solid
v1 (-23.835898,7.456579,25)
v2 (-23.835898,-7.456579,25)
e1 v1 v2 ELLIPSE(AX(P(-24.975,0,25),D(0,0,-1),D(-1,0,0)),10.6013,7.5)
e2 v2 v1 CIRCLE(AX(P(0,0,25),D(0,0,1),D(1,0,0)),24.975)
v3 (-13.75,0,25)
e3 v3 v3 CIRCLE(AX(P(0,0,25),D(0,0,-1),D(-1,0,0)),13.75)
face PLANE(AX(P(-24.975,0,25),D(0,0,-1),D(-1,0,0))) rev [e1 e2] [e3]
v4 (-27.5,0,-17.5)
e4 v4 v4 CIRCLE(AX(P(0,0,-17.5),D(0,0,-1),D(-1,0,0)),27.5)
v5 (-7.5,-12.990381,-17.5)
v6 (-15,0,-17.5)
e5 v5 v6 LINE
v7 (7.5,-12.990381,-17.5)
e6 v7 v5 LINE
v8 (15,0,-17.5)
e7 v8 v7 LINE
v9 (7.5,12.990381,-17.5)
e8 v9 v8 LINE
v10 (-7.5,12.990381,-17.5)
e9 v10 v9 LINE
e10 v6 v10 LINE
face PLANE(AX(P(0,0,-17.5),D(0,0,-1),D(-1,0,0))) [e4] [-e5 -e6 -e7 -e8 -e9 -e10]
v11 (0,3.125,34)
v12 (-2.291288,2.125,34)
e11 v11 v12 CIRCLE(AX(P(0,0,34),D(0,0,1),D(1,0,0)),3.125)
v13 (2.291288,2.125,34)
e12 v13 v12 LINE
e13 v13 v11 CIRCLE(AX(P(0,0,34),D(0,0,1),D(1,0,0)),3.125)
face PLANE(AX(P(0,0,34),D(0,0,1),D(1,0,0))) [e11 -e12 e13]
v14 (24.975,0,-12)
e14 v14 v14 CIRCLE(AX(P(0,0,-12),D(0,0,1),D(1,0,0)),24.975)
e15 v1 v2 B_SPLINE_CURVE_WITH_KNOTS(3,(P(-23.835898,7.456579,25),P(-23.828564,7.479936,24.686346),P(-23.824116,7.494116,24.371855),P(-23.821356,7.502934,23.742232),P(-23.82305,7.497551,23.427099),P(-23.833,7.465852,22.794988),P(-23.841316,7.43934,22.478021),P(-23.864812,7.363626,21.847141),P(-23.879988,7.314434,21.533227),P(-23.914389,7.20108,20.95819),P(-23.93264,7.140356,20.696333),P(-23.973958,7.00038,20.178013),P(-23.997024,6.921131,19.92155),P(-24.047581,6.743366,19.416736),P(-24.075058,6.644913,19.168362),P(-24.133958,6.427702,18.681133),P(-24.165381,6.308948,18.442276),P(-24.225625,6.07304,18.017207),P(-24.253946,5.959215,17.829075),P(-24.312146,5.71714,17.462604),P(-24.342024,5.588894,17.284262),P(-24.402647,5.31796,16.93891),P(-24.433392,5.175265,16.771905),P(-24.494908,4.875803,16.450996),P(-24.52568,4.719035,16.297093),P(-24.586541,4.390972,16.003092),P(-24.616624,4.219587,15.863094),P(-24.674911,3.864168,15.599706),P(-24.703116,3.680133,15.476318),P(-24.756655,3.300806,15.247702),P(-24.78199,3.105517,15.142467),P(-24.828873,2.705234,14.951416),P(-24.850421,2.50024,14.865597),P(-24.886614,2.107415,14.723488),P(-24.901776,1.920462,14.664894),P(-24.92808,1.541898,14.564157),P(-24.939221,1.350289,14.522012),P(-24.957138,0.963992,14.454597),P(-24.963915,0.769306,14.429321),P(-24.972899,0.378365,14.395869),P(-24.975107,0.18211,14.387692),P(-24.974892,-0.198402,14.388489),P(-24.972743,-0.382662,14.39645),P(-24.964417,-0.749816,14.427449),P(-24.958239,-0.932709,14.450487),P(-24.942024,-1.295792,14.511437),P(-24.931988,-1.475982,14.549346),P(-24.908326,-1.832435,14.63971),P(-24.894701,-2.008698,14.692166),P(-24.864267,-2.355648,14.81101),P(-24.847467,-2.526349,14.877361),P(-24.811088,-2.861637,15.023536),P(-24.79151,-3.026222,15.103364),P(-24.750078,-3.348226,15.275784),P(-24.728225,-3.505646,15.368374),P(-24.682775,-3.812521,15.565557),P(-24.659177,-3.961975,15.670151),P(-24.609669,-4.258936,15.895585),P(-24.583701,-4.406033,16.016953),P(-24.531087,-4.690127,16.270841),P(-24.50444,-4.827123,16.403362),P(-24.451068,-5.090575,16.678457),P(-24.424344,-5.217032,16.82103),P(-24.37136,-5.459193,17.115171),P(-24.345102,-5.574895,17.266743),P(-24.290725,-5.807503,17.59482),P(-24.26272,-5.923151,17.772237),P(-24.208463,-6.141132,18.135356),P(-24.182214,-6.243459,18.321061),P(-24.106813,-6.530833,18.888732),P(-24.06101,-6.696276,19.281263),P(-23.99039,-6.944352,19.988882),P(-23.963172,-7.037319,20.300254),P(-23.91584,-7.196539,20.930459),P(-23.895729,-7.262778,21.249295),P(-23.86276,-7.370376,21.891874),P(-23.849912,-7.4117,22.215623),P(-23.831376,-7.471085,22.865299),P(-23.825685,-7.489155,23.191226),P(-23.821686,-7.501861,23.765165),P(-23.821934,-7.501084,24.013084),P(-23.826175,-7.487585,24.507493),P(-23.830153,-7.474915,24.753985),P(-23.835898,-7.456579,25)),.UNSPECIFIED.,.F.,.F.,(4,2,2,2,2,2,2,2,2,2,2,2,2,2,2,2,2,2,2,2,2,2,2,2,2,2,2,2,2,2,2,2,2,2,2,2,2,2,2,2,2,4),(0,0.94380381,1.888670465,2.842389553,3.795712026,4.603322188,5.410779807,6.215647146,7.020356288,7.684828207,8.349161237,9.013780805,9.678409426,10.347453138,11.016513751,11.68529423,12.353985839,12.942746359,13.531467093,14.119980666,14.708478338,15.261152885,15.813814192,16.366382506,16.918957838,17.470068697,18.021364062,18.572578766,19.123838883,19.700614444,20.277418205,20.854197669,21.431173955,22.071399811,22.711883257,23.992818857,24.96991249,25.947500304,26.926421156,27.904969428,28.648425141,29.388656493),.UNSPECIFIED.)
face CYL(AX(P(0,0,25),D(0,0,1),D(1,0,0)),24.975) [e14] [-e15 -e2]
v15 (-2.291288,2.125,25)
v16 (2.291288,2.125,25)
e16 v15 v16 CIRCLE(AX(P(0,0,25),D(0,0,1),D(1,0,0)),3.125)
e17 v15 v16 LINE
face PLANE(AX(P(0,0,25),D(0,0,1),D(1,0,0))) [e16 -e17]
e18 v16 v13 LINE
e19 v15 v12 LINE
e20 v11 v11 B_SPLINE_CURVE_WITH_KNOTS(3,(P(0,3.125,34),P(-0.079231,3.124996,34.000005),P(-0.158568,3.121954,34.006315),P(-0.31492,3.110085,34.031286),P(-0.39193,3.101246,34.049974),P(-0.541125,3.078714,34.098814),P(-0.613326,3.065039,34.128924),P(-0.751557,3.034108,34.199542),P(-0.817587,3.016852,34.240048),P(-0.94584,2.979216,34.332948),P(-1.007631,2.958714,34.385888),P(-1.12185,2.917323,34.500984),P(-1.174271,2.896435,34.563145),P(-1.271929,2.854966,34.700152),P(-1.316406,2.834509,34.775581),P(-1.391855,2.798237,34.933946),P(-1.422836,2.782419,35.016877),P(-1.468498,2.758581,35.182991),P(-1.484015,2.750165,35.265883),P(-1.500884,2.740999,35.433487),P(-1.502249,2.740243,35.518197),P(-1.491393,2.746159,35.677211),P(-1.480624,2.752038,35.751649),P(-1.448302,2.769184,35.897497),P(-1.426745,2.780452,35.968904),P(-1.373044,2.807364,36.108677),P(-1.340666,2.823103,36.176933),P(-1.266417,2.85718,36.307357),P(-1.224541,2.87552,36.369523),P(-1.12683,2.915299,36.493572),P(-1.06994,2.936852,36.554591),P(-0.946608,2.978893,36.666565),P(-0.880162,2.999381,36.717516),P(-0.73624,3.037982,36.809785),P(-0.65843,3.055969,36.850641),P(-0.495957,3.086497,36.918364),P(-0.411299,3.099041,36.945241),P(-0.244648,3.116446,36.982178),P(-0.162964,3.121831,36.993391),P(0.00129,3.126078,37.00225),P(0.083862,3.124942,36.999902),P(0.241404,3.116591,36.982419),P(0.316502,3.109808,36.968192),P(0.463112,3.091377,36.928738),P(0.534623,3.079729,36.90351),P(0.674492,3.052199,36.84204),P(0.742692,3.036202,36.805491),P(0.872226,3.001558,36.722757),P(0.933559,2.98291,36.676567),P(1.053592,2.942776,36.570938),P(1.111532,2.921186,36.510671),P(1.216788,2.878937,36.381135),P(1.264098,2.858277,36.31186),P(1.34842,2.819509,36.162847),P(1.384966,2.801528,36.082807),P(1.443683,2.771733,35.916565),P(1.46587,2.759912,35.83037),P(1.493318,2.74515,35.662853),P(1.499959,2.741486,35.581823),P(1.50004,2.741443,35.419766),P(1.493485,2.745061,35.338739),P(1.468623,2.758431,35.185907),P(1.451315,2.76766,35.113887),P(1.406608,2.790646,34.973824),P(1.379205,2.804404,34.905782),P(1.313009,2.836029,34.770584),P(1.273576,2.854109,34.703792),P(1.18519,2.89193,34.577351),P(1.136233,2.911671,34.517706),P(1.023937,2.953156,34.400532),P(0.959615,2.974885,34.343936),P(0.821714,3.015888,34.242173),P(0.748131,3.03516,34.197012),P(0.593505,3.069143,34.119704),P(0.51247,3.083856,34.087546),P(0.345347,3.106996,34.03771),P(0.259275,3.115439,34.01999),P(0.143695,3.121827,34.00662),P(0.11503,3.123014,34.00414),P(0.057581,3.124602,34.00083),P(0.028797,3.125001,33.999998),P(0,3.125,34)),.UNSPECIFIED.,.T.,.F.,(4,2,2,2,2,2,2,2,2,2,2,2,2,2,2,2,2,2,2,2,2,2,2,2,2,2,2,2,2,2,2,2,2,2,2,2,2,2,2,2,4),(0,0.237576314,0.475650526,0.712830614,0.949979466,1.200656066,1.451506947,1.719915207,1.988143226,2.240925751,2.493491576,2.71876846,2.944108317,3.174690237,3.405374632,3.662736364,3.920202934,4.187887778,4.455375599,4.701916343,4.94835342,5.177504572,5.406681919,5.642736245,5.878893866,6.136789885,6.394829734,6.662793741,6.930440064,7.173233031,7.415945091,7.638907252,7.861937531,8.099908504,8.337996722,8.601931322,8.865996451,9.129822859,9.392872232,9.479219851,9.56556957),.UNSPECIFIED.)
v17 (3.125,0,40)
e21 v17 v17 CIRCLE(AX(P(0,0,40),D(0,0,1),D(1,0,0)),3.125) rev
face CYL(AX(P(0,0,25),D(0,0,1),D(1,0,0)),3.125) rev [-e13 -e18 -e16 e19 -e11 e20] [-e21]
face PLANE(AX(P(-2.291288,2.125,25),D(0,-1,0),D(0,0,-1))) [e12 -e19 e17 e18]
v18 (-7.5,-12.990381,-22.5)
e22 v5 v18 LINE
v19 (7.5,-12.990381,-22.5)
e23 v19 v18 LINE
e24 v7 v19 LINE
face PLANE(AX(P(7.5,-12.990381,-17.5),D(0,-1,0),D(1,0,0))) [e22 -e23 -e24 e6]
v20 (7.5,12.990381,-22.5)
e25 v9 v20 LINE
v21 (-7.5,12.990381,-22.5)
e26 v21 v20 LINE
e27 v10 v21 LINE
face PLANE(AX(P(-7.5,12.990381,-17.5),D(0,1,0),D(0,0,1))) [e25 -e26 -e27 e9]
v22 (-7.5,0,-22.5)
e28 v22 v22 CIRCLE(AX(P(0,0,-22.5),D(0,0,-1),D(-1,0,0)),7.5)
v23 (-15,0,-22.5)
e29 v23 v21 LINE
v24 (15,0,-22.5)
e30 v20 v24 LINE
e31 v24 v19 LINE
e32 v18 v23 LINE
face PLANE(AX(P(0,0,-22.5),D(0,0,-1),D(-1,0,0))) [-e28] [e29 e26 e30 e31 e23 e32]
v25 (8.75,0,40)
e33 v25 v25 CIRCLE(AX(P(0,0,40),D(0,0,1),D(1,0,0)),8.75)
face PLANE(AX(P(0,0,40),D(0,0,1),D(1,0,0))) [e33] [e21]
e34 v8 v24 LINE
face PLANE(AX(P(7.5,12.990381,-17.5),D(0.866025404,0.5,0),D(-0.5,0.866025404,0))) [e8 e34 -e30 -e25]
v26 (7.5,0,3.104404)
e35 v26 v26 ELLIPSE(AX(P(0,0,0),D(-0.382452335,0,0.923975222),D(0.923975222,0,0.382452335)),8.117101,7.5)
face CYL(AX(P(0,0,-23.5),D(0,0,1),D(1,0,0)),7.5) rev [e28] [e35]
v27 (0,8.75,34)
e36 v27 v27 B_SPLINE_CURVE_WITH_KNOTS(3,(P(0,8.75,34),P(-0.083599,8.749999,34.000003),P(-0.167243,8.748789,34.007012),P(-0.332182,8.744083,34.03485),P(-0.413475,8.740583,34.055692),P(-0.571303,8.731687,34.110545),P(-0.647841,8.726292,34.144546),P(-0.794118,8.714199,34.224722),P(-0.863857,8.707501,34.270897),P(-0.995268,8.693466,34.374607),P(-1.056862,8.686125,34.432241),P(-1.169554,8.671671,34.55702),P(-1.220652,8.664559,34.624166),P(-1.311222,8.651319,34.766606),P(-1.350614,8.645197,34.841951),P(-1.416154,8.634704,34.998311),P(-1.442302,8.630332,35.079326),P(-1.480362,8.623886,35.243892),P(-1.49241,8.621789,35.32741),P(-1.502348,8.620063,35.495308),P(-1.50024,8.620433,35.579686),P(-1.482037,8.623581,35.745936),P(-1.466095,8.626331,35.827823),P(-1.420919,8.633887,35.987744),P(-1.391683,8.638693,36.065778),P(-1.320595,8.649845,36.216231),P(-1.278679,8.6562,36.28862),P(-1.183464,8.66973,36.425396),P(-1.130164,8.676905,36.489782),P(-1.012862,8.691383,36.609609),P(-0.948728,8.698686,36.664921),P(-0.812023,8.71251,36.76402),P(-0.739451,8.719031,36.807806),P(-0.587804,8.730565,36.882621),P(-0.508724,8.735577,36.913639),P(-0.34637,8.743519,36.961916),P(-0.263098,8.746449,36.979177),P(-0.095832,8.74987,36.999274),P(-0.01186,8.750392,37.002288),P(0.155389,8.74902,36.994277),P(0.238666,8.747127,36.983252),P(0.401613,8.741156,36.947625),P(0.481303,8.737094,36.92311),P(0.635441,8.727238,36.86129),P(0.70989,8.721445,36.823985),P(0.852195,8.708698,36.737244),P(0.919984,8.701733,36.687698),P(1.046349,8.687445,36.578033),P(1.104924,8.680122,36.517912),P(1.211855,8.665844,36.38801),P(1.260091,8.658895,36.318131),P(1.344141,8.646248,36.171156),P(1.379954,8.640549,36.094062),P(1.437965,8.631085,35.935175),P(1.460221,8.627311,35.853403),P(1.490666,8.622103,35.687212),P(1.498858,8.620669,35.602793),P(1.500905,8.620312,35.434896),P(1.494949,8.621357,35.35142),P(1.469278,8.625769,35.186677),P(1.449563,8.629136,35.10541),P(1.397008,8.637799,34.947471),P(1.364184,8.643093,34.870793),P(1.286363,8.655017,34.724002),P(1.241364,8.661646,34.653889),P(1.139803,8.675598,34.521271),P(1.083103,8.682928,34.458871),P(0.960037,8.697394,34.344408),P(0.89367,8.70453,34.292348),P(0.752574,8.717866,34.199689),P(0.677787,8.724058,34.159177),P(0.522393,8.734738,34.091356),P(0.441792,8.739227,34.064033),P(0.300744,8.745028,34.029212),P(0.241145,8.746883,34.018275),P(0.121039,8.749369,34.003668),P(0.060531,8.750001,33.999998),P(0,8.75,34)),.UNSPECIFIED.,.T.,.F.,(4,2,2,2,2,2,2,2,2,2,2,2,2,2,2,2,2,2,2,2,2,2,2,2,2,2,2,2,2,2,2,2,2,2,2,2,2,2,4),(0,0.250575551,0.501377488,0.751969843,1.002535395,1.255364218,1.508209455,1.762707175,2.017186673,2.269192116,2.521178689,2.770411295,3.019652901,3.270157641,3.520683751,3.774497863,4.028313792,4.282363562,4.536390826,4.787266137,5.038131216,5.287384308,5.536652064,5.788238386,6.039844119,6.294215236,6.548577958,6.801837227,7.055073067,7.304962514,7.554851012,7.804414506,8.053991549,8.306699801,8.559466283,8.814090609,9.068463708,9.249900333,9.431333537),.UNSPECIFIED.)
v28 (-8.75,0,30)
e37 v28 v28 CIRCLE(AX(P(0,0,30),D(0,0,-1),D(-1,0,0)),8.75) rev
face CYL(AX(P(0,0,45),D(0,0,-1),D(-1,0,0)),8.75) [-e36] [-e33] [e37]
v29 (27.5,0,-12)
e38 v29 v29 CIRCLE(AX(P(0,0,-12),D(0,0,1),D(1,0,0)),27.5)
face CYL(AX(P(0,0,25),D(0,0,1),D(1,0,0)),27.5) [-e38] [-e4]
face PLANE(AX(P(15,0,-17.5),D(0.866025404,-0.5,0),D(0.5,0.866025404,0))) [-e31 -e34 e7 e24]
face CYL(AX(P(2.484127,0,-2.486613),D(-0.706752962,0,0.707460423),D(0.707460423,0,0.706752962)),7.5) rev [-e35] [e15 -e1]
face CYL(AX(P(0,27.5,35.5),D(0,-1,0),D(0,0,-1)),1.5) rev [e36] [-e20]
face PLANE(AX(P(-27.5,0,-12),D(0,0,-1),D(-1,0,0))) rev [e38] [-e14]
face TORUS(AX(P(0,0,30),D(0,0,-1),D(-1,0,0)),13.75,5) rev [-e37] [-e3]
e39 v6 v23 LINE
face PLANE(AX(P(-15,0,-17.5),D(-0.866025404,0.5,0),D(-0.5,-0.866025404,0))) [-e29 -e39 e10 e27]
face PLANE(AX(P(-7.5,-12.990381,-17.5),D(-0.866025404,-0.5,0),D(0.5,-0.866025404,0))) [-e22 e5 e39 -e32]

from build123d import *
from build123d.topology import SkipClean

# Parameters (mm, degrees)
IZIM3_OUTSIDE_W             = 75.494
IZIM3_OUTSIDE_H             = 75.494
KES_EKSTR_ZYON1_DEPTH       = 7.5
IZIM4_R                     = 8.75
Y_KSEKLIK_EKSTR_ZYON1_DEPTH = 20
RADYUS1_R                   = 5
KES_EKSTR_ZYON2_DEPTH       = 20
IZIM6_R                     = 1.5
KES_EKSTR_ZYON3_DEPTH       = 60.476886267
IZIM7_R                     = 3.125
KES_EKSTR_ZYON4_DEPTH       = 11
KES_EKSTR_ZYON5_START       = -5
IZIM8_R                     = 8.75
KES_EKSTR_ZYON5_DEPTH       = 5
KES_EKSTR_ZYON6_DEPTH       = 2.5
IZIM11_R                    = 7.5


with BuildPart() as part:
    # Çizim1 → Döndür1 (revolve)
    with BuildSketch(Plane(origin=(0, 0, 0), x_dir=(1, 0, 0), z_dir=(0, 1, 0)), mode=Mode.PRIVATE) as d_nd_r1_sk:
        Polygon((-27.5, 25), (-27.5, 12), (-24.975, 12), (-24.975, -25), (0, -25), (0, 25), align=None)
    revolve(d_nd_r1_sk.sketch.rotate(Axis((0, 0, 25), (0, 0, -1)), 180), axis=Axis((0, 0, 25), (0, 0, -1)))

    # Çizim3 outside → Kes-Ekstrüzyon1 (cut)
    with BuildSketch(Plane(origin=(0, 0, -25), x_dir=(-1, 0, 0), z_dir=(0, 0, -1))):
        Rectangle(IZIM3_OUTSIDE_W, IZIM3_OUTSIDE_H)
        Polygon((15, 0), (7.5, 12.990381057), (-7.5, 12.990381057), (-15, 0), (-7.5, -12.990381057), (7.5, -12.990381057), align=None, mode=Mode.SUBTRACT)
    extrude(amount=-KES_EKSTR_ZYON1_DEPTH, mode=Mode.SUBTRACT)

    # Çizim4 → Yükseklik-Ekstrüzyon1 (add)
    with BuildSketch(Plane.XY.offset(25)):
        Circle(IZIM4_R)
    extrude(amount=Y_KSEKLIK_EKSTR_ZYON1_DEPTH)

    # Radyus1
    radyus1_edges = [part.edges().sort_by_distance(p)[0] for p in [
        (-8.75, 0, 25),
    ]]
    fillet(radyus1_edges, radius=RADYUS1_R)

    # Çizim5 → Kes-Ekstrüzyon2 (cut)
    with BuildSketch(Plane.XY.offset(45)):
        with BuildLine():
            Line((-2.291287847, 2.125), (2.291287847, 2.125))
            ThreePointArc((2.291287847, 2.125), (0, -3.125), (-2.291287847, 2.125))
        make_face()
    extrude(amount=-KES_EKSTR_ZYON2_DEPTH, mode=Mode.SUBTRACT)

    # Çizim6 → Kes-Ekstrüzyon3 (cut, through all)
    with BuildSketch(Plane(origin=(0, 0, 0), x_dir=(1, 0, 0), z_dir=(0, 1, 0))):
        with Locations(Location((0, -35.5, 0), (0, 0, 90))):
            Circle(IZIM6_R)
    extrude(amount=KES_EKSTR_ZYON3_DEPTH, mode=Mode.SUBTRACT)

    # Çizim7 → Kes-Ekstrüzyon4 (cut)
    with SkipClean():  # the faces are left unmerged after this step: merging them gives an invalid solid
        with BuildSketch(Plane.XY.offset(45)):
            Circle(IZIM7_R)
        extrude(amount=-KES_EKSTR_ZYON4_DEPTH, mode=Mode.SUBTRACT)

    # Çizim8 → Kes-Ekstrüzyon5 (cut)
    with SkipClean():  # the faces are left unmerged after this step: merging them gives an invalid solid
        with BuildSketch(Plane.XY.offset(45).offset(KES_EKSTR_ZYON5_START)):
            with Locations(Location((0, 0, 0), (0, 0, 180))):
                Circle(IZIM8_R)
        extrude(amount=KES_EKSTR_ZYON5_DEPTH, mode=Mode.SUBTRACT)

    # Çizim9 → Kes-Ekstrüzyon6 (cut)
    with SkipClean():  # the faces are left unmerged after this step: merging them gives an invalid solid
        with BuildSketch(Plane(origin=(0, 0, -25), x_dir=(-1, 0, 0), z_dir=(0, 0, -1))):
            Polygon((7.5, -12.990381057), (15, 0), (7.5, 12.990381057), (-7.5, 12.990381057), (-15, 0), (-7.5, -12.990381057), align=None)
        extrude(amount=-KES_EKSTR_ZYON6_DEPTH, mode=Mode.SUBTRACT)

    # Kes-Süpür1: sweep along a path in Çizim10
    with SkipClean():  # the faces are left unmerged after this step: merging them gives an invalid solid
        with BuildLine(Plane(origin=(0, 0, 0), x_dir=(1, 0, 0), z_dir=(0, 1, 0))) as kes_s_p_r1_path:
            Line((0, 22.5), (0, 0))
            Line((0, 0), (-24.975, -25))
        # Çizim11 → Kes-Süpür1 (sweep, cut)
        with BuildSketch(Plane(origin=(0, 0, -22.5), x_dir=(-1, 0, 0), z_dir=(0, 0, -1))):
            Circle(IZIM11_R)
        sweep(path=kes_s_p_r1_path.line, transition=Transition.RIGHT, mode=Mode.SUBTRACT)


solid = part.part
